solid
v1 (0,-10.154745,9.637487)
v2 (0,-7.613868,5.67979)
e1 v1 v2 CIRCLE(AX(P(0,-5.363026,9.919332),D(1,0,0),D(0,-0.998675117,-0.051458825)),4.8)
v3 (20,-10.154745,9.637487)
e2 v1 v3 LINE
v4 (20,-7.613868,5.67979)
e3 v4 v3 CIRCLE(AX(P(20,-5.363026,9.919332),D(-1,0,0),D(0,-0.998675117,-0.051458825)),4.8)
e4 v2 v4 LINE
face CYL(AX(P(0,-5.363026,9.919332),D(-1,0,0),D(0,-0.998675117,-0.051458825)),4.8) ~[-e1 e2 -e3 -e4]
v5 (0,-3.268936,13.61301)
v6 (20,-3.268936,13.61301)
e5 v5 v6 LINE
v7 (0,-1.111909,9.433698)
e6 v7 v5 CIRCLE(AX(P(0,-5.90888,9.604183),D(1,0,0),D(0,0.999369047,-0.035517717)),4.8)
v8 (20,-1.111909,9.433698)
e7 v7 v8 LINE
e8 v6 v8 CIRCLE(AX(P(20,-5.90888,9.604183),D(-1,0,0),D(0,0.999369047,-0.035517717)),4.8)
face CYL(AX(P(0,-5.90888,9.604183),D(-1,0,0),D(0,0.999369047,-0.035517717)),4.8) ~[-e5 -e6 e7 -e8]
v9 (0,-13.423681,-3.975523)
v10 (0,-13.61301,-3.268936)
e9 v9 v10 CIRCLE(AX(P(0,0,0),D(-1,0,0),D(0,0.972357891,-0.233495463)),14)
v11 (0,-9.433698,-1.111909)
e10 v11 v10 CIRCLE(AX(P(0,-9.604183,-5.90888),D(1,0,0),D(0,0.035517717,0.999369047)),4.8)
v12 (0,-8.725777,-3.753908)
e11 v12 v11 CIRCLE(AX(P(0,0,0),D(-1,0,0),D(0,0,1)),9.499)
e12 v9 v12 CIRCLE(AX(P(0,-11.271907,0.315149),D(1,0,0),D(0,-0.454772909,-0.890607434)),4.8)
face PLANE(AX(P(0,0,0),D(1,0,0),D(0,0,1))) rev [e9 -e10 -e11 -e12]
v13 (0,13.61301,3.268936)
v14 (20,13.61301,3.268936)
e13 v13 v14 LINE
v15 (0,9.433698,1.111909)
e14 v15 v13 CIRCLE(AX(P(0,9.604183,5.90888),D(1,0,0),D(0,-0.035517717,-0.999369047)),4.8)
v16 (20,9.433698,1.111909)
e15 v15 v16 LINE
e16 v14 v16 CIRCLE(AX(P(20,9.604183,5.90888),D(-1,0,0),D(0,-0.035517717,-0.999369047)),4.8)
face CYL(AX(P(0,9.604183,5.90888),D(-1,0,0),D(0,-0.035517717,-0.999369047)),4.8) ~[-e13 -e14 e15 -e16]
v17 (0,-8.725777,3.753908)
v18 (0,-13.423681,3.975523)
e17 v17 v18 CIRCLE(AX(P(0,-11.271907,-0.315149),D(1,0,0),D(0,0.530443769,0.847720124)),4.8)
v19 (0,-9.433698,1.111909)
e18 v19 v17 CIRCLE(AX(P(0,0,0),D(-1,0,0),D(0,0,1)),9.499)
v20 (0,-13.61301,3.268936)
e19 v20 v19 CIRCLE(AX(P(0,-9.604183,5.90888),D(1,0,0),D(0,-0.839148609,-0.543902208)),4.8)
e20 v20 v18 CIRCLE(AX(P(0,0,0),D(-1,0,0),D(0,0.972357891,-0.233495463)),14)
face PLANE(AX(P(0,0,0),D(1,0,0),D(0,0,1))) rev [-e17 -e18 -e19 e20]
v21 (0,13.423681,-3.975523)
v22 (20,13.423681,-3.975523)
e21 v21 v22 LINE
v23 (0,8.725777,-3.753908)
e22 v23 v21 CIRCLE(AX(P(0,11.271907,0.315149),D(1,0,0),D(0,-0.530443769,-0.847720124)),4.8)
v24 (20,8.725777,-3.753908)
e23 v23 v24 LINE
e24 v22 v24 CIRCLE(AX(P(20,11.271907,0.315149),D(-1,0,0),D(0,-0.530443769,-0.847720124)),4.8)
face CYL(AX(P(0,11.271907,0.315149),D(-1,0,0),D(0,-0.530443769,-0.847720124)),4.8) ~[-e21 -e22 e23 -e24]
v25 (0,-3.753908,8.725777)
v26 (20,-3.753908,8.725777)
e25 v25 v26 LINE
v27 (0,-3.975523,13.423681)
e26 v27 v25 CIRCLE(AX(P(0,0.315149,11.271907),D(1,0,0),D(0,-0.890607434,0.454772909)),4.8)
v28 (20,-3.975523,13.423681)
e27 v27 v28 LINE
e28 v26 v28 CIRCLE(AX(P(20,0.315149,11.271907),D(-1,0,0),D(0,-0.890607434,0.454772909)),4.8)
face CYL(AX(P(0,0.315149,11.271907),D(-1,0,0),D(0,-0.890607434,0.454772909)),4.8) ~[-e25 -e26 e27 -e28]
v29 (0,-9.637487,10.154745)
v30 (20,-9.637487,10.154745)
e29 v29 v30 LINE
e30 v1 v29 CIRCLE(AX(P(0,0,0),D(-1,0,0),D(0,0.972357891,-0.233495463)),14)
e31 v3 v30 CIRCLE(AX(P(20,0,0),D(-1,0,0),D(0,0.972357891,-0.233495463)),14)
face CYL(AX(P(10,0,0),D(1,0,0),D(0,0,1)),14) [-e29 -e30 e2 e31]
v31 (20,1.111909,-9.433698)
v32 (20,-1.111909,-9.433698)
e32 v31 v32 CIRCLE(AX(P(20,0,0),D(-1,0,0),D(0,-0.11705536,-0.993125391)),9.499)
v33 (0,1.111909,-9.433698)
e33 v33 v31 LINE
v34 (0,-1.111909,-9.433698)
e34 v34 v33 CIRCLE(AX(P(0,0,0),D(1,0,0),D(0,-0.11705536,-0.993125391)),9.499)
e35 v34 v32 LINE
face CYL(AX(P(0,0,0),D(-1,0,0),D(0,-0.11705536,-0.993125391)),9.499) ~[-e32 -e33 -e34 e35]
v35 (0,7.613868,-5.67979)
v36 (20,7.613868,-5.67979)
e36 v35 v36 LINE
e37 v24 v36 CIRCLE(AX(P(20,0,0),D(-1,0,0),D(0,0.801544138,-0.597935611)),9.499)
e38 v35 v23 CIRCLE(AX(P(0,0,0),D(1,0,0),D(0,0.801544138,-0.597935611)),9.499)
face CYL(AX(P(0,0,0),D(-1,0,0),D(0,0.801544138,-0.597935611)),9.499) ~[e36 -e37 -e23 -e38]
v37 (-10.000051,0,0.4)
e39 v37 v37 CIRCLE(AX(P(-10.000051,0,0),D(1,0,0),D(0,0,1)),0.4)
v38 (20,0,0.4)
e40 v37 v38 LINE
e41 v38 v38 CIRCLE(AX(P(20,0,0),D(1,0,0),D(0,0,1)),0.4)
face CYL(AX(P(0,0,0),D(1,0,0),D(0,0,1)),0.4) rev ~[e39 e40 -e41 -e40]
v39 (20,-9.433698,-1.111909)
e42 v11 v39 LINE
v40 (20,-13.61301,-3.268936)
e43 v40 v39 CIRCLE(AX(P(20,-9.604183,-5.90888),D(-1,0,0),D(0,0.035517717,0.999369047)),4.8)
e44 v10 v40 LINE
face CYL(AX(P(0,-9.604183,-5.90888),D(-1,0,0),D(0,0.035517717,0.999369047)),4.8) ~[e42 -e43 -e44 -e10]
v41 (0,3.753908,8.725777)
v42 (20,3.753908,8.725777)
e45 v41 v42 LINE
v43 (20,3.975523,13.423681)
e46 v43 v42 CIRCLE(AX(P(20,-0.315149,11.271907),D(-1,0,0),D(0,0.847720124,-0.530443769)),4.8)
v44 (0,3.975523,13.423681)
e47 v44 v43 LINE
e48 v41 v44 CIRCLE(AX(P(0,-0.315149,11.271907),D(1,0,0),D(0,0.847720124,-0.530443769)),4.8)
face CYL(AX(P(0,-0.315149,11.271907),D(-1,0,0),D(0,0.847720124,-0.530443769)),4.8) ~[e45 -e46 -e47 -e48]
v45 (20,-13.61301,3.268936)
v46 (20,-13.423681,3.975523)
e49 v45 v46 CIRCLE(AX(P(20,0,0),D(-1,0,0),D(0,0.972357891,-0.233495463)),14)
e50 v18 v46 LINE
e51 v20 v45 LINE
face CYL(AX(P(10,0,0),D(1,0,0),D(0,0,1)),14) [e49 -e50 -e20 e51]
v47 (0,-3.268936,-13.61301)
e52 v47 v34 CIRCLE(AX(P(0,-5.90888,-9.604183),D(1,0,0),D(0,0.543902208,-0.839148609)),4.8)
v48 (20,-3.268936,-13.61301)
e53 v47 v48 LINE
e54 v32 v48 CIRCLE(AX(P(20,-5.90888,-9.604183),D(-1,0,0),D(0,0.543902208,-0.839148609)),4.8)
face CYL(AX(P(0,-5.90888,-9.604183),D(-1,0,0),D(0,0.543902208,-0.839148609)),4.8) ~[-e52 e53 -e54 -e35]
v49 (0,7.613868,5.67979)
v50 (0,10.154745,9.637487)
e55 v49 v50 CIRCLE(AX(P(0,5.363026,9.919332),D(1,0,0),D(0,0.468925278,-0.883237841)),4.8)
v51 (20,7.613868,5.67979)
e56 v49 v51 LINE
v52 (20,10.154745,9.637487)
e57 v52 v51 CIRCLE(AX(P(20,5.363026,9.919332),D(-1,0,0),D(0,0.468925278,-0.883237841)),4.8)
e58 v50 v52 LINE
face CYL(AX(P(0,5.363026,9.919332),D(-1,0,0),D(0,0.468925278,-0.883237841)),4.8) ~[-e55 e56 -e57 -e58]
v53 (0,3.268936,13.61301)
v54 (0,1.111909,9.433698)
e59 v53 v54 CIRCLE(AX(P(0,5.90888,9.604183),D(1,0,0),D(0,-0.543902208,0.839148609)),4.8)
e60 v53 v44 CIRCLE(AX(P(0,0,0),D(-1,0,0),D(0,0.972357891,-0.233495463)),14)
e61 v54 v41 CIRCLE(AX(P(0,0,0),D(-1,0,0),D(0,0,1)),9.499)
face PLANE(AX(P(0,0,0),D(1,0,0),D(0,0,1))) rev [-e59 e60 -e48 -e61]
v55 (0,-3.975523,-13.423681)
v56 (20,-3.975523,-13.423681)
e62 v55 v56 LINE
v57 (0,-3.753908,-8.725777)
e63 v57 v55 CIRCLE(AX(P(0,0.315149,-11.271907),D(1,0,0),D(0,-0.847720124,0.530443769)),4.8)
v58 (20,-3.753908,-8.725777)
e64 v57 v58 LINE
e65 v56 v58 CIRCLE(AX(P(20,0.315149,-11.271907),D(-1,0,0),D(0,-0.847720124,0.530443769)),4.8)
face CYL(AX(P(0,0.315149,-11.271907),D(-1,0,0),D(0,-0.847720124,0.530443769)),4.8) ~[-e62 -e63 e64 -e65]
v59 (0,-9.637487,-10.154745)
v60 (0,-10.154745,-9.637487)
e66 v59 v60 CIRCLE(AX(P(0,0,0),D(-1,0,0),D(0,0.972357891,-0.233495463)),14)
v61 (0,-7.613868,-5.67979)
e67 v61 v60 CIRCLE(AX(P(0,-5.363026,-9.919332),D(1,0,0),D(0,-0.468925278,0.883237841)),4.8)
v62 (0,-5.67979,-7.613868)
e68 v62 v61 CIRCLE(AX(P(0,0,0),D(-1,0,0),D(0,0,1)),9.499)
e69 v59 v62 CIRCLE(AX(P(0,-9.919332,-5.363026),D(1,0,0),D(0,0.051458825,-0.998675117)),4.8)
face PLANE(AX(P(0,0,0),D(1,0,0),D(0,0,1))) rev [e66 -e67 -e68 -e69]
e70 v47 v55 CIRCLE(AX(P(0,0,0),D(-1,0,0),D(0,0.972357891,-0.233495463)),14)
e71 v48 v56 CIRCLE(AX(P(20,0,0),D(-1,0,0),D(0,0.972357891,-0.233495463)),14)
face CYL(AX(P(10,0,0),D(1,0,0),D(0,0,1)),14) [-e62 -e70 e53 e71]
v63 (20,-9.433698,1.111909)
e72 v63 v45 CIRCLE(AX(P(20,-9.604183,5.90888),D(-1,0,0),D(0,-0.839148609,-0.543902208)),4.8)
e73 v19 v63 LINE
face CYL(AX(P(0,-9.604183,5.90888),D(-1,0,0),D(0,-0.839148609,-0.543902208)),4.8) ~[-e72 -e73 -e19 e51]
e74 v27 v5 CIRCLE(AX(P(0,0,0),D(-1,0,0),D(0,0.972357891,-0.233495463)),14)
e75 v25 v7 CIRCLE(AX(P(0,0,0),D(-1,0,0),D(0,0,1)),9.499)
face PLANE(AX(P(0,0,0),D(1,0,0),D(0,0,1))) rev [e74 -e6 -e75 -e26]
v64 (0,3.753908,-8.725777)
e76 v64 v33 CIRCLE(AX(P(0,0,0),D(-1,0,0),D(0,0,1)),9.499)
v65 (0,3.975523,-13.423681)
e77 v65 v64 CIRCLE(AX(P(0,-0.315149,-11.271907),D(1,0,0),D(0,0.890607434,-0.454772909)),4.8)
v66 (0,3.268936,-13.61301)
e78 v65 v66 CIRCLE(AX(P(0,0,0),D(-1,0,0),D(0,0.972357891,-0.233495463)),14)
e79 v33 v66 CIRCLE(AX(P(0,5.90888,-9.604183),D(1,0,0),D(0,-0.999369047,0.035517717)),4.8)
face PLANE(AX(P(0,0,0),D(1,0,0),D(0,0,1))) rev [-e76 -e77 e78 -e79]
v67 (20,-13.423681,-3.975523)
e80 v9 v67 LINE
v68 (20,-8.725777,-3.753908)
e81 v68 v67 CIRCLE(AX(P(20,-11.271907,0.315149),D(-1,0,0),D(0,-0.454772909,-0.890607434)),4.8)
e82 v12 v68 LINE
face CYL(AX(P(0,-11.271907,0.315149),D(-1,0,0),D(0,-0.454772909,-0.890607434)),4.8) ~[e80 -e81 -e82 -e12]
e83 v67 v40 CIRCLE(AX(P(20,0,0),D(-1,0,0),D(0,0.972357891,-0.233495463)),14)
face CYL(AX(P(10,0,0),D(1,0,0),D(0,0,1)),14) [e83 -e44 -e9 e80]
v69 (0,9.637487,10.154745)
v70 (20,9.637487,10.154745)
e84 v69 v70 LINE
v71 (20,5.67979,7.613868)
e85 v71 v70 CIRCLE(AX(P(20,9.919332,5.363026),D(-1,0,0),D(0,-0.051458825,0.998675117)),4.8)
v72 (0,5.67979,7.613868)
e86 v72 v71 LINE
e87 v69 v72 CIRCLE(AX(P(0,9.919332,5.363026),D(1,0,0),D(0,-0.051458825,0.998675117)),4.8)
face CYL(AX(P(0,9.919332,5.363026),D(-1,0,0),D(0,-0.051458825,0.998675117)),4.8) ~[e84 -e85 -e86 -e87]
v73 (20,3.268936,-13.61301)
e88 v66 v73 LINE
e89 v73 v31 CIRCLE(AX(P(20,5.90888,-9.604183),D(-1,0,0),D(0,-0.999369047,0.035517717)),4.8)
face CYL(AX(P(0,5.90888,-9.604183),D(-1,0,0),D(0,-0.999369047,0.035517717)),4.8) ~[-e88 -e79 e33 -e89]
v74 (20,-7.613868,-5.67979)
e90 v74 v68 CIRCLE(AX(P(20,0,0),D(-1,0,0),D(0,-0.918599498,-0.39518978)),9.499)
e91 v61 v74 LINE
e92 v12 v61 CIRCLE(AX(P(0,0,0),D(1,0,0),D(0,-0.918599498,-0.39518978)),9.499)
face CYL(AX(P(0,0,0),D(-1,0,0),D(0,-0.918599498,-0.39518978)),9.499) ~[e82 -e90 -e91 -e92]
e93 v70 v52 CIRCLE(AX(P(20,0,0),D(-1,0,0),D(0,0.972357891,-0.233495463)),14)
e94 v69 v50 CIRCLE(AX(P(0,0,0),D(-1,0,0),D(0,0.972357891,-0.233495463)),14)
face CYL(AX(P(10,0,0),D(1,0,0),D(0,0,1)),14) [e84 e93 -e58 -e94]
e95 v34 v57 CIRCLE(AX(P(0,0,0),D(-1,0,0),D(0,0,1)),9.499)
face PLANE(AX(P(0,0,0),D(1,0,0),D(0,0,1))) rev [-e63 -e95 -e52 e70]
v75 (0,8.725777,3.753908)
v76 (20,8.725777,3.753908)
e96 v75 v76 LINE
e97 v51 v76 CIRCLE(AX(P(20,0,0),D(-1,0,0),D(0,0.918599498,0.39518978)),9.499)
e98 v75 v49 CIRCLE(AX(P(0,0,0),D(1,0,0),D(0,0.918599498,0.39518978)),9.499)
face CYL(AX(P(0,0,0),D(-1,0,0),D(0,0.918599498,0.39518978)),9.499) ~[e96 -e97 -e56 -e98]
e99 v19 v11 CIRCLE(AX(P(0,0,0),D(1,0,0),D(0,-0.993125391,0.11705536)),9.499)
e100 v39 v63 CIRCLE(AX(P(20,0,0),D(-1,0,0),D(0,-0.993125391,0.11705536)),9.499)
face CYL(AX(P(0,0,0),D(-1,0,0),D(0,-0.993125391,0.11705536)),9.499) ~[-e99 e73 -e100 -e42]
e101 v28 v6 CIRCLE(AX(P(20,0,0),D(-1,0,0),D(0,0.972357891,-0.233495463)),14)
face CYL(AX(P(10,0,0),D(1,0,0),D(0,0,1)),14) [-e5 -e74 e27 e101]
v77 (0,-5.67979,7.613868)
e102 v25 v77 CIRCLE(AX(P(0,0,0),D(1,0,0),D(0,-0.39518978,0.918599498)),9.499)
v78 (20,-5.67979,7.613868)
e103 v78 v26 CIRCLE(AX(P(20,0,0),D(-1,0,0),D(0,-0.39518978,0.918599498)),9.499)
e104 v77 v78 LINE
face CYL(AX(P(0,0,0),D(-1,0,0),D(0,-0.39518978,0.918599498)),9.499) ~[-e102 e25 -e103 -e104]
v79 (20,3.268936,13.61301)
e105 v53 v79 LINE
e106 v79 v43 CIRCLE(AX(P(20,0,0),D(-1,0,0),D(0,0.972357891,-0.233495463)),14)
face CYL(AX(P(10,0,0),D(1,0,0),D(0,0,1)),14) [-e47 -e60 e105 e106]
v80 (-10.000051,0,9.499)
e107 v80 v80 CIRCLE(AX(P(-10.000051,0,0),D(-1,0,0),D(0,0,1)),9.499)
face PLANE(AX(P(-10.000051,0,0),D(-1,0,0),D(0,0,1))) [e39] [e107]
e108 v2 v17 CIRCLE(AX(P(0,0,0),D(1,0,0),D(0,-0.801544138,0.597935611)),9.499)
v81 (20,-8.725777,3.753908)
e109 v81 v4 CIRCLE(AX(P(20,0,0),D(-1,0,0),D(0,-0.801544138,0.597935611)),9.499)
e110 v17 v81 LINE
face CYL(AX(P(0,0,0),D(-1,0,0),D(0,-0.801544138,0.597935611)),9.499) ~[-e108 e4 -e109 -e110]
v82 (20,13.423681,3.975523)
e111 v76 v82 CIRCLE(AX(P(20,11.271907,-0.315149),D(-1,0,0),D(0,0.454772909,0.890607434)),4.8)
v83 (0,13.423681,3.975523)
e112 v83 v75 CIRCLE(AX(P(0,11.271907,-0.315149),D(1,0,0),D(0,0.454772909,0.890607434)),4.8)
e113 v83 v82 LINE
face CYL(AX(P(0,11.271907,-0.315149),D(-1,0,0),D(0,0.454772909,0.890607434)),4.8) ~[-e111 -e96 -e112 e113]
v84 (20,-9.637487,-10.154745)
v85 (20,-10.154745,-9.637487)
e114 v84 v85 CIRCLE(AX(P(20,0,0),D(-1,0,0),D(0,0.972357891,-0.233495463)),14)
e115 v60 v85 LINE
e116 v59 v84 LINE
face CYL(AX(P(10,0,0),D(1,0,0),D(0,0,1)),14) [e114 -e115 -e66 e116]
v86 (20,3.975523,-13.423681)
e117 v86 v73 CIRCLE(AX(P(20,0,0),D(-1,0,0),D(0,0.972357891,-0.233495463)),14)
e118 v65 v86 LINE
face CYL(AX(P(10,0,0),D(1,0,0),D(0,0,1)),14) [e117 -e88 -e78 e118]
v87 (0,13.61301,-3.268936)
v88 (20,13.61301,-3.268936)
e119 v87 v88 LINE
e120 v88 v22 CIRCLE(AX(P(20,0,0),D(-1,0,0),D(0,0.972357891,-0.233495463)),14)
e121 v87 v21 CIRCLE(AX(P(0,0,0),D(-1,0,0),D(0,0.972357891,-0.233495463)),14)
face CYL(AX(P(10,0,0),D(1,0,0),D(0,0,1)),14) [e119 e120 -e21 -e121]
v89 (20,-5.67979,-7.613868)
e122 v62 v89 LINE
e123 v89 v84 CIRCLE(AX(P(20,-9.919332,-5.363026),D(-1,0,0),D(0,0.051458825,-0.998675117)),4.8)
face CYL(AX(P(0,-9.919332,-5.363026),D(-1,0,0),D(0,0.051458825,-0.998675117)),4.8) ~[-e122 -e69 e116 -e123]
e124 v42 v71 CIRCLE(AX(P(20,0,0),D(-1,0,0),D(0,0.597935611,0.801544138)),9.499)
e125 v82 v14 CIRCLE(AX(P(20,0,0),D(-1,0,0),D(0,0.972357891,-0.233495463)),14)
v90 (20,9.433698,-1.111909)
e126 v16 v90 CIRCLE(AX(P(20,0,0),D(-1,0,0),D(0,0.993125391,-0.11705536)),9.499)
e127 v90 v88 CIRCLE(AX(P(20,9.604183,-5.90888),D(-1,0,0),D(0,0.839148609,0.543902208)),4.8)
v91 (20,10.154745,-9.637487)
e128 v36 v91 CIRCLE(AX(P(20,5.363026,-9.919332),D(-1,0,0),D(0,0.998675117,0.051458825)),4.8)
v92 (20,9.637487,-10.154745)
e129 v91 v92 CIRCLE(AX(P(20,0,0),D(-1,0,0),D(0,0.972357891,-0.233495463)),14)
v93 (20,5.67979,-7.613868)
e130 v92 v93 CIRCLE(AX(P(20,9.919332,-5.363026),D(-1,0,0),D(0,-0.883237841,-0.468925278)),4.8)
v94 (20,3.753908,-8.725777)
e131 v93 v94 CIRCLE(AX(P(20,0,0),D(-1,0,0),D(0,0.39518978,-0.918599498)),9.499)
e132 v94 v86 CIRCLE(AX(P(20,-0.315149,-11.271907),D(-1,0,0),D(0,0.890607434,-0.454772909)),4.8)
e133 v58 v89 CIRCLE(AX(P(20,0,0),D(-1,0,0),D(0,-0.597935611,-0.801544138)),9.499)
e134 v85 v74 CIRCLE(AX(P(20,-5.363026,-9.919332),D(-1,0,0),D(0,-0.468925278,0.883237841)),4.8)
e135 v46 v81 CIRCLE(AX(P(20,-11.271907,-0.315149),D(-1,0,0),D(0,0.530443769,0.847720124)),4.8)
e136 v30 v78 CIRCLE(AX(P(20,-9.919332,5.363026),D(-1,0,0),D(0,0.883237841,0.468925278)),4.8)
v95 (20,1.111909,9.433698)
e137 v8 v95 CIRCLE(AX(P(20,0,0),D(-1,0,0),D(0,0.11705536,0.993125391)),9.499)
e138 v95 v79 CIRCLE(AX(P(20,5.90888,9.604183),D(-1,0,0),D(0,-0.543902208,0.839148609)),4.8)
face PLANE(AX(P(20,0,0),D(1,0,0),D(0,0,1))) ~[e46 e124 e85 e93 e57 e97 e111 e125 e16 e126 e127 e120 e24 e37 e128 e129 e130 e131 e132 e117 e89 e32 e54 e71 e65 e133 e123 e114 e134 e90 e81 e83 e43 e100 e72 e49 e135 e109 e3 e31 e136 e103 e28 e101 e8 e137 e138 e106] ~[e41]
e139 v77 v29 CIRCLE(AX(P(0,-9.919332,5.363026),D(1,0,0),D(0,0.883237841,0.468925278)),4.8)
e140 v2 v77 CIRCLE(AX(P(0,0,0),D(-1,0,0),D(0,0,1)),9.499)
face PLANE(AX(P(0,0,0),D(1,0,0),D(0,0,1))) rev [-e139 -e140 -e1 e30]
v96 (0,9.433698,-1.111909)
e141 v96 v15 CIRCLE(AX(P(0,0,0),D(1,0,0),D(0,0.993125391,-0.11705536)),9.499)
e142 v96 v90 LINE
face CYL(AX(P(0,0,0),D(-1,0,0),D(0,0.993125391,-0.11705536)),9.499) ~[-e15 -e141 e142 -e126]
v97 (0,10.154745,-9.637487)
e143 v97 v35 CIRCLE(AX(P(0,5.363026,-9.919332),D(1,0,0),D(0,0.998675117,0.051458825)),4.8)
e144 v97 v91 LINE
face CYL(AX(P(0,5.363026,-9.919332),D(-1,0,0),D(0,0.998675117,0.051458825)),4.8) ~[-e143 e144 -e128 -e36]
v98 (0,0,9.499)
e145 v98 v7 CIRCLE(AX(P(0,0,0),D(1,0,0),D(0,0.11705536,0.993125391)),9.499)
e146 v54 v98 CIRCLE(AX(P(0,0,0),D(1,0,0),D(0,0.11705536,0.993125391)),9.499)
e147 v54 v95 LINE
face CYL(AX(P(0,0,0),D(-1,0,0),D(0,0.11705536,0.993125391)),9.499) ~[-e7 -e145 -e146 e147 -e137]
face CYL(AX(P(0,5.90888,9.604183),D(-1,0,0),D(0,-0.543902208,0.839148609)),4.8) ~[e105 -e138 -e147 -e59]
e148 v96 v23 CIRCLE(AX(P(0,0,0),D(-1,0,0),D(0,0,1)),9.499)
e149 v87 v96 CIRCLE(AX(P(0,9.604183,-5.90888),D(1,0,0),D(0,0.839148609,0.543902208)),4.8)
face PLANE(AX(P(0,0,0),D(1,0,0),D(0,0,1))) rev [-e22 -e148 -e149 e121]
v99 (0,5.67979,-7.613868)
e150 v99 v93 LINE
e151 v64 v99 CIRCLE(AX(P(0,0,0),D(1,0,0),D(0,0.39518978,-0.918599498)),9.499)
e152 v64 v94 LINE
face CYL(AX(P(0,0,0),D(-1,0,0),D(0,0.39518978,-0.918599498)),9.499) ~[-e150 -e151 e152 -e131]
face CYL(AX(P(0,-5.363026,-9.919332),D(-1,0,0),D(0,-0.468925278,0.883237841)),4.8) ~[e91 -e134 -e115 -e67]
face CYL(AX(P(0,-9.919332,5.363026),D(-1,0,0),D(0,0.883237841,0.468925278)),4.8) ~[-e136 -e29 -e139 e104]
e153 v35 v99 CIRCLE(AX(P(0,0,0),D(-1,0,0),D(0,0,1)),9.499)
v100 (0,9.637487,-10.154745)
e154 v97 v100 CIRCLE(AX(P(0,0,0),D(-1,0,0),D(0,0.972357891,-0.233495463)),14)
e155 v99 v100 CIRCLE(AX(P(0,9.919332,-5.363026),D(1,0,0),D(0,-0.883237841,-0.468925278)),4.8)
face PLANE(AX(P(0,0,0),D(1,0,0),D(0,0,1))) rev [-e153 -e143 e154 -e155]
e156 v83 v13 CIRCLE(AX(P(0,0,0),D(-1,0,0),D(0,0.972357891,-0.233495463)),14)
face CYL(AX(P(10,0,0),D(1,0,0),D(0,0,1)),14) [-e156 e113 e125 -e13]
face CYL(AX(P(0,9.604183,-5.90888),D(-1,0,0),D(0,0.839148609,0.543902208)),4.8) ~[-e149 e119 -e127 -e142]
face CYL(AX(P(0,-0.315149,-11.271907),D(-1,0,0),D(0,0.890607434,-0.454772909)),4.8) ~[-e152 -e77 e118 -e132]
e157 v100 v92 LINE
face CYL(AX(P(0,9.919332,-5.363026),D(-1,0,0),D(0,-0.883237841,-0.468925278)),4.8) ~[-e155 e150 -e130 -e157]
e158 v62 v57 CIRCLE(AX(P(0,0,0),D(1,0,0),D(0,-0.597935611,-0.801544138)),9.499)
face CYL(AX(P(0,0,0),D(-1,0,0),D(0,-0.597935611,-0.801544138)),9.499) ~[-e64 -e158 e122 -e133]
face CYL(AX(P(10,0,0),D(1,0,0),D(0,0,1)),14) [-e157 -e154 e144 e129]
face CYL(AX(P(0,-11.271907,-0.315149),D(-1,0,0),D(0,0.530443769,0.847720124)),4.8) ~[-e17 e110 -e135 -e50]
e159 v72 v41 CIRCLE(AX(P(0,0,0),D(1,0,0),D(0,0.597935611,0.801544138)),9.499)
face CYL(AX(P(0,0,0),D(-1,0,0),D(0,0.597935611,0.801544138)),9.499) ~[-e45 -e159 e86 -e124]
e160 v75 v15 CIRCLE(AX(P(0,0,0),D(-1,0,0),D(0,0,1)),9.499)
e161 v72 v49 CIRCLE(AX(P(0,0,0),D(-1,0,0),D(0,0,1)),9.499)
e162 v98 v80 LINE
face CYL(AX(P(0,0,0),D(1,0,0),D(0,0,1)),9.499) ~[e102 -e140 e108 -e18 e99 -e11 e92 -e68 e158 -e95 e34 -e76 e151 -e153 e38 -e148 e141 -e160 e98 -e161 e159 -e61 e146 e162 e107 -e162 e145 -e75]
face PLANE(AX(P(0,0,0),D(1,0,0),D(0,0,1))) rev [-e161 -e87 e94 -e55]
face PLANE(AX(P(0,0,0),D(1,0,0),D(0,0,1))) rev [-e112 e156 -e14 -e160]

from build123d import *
from build123d.topology import SkipClean

# Parameters (mm, degrees)
BASPROSKE_W      = 20
BASPROSKE_H      = 14
TOOTHCUT_DEPTH   = 29.142494559
TEETHCUTS_COUNT  = 12
TEETHCUTS_ANGLE  = 330
HUBNEAONESKE_R   = 9.499
HUBNEARONE_DEPTH = 10.0000508
BORSKE_R         = 0.4
BORE_DEPTH       = 30.0000508


with BuildPart() as part:
    # BasProSke → Base-Revolve (revolve)
    with BuildSketch(Plane(origin=(0, 0, 0), x_dir=(1, 0, 0), z_dir=(0, 1, 0)), mode=Mode.PRIVATE) as base_revolve_sk:
        with Locations((10, 7)):
            Rectangle(BASPROSKE_W, BASPROSKE_H)
    revolve(base_revolve_sk.sketch.rotate(Axis((-10, 0, 0), (1, 0, 0)), 180), axis=Axis((-10, 0, 0), (1, 0, 0)))

    # TooCutSke → ToothCut (cut, through all)
    with BuildSketch(Plane(origin=(0, 0, 0), x_dir=(0, 0, -1), z_dir=(1, 0, 0))):
        with BuildLine():
            ThreePointArc((1.111908866, 9.433698091), (0, 9.499), (-1.111908866, 9.433698091))
            ThreePointArc((-1.111908866, 9.433698091), (-1.651516138, 11.821129337), (-3.298149691, 13.632096456))
            ThreePointArc((-3.298149691, 13.632096456), (0, 14.0254), (3.298149691, 13.632096456))
            ThreePointArc((3.298149691, 13.632096456), (1.651516138, 11.821129337), (1.111908866, 9.433698091))
        make_face()
    toothcut = extrude(amount=TOOTHCUT_DEPTH, mode=Mode.SUBTRACT)

    # TeethCuts: ToothCut ×12 about axis
    teethcuts_axis = Axis((-10, 0, 0), (1, 0, 0))
    for i in range(1, TEETHCUTS_COUNT):
        add(toothcut.rotate(teethcuts_axis, i * TEETHCUTS_ANGLE / (TEETHCUTS_COUNT - 1)), mode=Mode.SUBTRACT)

    # HubNeaOneSke → HubNearOne (add)
    with SkipClean():  # the faces are left unmerged after this step: merging them gives an invalid solid
        with BuildSketch(Plane.ZY):
            Circle(HUBNEAONESKE_R)
        extrude(amount=HUBNEARONE_DEPTH)

    # BorSke → Bore (cut, symmetric)
    with SkipClean():  # the faces are left unmerged after this step: merging them gives an invalid solid
        with BuildSketch(Plane(origin=(0, 0, 0), x_dir=(0, 0, -1), z_dir=(1, 0, 0))):
            with Locations(Location((0, 0, 0), (0, 0, 180))):
                Circle(BORSKE_R)
        extrude(amount=BORE_DEPTH, both=True, mode=Mode.SUBTRACT)


solid = part.part
